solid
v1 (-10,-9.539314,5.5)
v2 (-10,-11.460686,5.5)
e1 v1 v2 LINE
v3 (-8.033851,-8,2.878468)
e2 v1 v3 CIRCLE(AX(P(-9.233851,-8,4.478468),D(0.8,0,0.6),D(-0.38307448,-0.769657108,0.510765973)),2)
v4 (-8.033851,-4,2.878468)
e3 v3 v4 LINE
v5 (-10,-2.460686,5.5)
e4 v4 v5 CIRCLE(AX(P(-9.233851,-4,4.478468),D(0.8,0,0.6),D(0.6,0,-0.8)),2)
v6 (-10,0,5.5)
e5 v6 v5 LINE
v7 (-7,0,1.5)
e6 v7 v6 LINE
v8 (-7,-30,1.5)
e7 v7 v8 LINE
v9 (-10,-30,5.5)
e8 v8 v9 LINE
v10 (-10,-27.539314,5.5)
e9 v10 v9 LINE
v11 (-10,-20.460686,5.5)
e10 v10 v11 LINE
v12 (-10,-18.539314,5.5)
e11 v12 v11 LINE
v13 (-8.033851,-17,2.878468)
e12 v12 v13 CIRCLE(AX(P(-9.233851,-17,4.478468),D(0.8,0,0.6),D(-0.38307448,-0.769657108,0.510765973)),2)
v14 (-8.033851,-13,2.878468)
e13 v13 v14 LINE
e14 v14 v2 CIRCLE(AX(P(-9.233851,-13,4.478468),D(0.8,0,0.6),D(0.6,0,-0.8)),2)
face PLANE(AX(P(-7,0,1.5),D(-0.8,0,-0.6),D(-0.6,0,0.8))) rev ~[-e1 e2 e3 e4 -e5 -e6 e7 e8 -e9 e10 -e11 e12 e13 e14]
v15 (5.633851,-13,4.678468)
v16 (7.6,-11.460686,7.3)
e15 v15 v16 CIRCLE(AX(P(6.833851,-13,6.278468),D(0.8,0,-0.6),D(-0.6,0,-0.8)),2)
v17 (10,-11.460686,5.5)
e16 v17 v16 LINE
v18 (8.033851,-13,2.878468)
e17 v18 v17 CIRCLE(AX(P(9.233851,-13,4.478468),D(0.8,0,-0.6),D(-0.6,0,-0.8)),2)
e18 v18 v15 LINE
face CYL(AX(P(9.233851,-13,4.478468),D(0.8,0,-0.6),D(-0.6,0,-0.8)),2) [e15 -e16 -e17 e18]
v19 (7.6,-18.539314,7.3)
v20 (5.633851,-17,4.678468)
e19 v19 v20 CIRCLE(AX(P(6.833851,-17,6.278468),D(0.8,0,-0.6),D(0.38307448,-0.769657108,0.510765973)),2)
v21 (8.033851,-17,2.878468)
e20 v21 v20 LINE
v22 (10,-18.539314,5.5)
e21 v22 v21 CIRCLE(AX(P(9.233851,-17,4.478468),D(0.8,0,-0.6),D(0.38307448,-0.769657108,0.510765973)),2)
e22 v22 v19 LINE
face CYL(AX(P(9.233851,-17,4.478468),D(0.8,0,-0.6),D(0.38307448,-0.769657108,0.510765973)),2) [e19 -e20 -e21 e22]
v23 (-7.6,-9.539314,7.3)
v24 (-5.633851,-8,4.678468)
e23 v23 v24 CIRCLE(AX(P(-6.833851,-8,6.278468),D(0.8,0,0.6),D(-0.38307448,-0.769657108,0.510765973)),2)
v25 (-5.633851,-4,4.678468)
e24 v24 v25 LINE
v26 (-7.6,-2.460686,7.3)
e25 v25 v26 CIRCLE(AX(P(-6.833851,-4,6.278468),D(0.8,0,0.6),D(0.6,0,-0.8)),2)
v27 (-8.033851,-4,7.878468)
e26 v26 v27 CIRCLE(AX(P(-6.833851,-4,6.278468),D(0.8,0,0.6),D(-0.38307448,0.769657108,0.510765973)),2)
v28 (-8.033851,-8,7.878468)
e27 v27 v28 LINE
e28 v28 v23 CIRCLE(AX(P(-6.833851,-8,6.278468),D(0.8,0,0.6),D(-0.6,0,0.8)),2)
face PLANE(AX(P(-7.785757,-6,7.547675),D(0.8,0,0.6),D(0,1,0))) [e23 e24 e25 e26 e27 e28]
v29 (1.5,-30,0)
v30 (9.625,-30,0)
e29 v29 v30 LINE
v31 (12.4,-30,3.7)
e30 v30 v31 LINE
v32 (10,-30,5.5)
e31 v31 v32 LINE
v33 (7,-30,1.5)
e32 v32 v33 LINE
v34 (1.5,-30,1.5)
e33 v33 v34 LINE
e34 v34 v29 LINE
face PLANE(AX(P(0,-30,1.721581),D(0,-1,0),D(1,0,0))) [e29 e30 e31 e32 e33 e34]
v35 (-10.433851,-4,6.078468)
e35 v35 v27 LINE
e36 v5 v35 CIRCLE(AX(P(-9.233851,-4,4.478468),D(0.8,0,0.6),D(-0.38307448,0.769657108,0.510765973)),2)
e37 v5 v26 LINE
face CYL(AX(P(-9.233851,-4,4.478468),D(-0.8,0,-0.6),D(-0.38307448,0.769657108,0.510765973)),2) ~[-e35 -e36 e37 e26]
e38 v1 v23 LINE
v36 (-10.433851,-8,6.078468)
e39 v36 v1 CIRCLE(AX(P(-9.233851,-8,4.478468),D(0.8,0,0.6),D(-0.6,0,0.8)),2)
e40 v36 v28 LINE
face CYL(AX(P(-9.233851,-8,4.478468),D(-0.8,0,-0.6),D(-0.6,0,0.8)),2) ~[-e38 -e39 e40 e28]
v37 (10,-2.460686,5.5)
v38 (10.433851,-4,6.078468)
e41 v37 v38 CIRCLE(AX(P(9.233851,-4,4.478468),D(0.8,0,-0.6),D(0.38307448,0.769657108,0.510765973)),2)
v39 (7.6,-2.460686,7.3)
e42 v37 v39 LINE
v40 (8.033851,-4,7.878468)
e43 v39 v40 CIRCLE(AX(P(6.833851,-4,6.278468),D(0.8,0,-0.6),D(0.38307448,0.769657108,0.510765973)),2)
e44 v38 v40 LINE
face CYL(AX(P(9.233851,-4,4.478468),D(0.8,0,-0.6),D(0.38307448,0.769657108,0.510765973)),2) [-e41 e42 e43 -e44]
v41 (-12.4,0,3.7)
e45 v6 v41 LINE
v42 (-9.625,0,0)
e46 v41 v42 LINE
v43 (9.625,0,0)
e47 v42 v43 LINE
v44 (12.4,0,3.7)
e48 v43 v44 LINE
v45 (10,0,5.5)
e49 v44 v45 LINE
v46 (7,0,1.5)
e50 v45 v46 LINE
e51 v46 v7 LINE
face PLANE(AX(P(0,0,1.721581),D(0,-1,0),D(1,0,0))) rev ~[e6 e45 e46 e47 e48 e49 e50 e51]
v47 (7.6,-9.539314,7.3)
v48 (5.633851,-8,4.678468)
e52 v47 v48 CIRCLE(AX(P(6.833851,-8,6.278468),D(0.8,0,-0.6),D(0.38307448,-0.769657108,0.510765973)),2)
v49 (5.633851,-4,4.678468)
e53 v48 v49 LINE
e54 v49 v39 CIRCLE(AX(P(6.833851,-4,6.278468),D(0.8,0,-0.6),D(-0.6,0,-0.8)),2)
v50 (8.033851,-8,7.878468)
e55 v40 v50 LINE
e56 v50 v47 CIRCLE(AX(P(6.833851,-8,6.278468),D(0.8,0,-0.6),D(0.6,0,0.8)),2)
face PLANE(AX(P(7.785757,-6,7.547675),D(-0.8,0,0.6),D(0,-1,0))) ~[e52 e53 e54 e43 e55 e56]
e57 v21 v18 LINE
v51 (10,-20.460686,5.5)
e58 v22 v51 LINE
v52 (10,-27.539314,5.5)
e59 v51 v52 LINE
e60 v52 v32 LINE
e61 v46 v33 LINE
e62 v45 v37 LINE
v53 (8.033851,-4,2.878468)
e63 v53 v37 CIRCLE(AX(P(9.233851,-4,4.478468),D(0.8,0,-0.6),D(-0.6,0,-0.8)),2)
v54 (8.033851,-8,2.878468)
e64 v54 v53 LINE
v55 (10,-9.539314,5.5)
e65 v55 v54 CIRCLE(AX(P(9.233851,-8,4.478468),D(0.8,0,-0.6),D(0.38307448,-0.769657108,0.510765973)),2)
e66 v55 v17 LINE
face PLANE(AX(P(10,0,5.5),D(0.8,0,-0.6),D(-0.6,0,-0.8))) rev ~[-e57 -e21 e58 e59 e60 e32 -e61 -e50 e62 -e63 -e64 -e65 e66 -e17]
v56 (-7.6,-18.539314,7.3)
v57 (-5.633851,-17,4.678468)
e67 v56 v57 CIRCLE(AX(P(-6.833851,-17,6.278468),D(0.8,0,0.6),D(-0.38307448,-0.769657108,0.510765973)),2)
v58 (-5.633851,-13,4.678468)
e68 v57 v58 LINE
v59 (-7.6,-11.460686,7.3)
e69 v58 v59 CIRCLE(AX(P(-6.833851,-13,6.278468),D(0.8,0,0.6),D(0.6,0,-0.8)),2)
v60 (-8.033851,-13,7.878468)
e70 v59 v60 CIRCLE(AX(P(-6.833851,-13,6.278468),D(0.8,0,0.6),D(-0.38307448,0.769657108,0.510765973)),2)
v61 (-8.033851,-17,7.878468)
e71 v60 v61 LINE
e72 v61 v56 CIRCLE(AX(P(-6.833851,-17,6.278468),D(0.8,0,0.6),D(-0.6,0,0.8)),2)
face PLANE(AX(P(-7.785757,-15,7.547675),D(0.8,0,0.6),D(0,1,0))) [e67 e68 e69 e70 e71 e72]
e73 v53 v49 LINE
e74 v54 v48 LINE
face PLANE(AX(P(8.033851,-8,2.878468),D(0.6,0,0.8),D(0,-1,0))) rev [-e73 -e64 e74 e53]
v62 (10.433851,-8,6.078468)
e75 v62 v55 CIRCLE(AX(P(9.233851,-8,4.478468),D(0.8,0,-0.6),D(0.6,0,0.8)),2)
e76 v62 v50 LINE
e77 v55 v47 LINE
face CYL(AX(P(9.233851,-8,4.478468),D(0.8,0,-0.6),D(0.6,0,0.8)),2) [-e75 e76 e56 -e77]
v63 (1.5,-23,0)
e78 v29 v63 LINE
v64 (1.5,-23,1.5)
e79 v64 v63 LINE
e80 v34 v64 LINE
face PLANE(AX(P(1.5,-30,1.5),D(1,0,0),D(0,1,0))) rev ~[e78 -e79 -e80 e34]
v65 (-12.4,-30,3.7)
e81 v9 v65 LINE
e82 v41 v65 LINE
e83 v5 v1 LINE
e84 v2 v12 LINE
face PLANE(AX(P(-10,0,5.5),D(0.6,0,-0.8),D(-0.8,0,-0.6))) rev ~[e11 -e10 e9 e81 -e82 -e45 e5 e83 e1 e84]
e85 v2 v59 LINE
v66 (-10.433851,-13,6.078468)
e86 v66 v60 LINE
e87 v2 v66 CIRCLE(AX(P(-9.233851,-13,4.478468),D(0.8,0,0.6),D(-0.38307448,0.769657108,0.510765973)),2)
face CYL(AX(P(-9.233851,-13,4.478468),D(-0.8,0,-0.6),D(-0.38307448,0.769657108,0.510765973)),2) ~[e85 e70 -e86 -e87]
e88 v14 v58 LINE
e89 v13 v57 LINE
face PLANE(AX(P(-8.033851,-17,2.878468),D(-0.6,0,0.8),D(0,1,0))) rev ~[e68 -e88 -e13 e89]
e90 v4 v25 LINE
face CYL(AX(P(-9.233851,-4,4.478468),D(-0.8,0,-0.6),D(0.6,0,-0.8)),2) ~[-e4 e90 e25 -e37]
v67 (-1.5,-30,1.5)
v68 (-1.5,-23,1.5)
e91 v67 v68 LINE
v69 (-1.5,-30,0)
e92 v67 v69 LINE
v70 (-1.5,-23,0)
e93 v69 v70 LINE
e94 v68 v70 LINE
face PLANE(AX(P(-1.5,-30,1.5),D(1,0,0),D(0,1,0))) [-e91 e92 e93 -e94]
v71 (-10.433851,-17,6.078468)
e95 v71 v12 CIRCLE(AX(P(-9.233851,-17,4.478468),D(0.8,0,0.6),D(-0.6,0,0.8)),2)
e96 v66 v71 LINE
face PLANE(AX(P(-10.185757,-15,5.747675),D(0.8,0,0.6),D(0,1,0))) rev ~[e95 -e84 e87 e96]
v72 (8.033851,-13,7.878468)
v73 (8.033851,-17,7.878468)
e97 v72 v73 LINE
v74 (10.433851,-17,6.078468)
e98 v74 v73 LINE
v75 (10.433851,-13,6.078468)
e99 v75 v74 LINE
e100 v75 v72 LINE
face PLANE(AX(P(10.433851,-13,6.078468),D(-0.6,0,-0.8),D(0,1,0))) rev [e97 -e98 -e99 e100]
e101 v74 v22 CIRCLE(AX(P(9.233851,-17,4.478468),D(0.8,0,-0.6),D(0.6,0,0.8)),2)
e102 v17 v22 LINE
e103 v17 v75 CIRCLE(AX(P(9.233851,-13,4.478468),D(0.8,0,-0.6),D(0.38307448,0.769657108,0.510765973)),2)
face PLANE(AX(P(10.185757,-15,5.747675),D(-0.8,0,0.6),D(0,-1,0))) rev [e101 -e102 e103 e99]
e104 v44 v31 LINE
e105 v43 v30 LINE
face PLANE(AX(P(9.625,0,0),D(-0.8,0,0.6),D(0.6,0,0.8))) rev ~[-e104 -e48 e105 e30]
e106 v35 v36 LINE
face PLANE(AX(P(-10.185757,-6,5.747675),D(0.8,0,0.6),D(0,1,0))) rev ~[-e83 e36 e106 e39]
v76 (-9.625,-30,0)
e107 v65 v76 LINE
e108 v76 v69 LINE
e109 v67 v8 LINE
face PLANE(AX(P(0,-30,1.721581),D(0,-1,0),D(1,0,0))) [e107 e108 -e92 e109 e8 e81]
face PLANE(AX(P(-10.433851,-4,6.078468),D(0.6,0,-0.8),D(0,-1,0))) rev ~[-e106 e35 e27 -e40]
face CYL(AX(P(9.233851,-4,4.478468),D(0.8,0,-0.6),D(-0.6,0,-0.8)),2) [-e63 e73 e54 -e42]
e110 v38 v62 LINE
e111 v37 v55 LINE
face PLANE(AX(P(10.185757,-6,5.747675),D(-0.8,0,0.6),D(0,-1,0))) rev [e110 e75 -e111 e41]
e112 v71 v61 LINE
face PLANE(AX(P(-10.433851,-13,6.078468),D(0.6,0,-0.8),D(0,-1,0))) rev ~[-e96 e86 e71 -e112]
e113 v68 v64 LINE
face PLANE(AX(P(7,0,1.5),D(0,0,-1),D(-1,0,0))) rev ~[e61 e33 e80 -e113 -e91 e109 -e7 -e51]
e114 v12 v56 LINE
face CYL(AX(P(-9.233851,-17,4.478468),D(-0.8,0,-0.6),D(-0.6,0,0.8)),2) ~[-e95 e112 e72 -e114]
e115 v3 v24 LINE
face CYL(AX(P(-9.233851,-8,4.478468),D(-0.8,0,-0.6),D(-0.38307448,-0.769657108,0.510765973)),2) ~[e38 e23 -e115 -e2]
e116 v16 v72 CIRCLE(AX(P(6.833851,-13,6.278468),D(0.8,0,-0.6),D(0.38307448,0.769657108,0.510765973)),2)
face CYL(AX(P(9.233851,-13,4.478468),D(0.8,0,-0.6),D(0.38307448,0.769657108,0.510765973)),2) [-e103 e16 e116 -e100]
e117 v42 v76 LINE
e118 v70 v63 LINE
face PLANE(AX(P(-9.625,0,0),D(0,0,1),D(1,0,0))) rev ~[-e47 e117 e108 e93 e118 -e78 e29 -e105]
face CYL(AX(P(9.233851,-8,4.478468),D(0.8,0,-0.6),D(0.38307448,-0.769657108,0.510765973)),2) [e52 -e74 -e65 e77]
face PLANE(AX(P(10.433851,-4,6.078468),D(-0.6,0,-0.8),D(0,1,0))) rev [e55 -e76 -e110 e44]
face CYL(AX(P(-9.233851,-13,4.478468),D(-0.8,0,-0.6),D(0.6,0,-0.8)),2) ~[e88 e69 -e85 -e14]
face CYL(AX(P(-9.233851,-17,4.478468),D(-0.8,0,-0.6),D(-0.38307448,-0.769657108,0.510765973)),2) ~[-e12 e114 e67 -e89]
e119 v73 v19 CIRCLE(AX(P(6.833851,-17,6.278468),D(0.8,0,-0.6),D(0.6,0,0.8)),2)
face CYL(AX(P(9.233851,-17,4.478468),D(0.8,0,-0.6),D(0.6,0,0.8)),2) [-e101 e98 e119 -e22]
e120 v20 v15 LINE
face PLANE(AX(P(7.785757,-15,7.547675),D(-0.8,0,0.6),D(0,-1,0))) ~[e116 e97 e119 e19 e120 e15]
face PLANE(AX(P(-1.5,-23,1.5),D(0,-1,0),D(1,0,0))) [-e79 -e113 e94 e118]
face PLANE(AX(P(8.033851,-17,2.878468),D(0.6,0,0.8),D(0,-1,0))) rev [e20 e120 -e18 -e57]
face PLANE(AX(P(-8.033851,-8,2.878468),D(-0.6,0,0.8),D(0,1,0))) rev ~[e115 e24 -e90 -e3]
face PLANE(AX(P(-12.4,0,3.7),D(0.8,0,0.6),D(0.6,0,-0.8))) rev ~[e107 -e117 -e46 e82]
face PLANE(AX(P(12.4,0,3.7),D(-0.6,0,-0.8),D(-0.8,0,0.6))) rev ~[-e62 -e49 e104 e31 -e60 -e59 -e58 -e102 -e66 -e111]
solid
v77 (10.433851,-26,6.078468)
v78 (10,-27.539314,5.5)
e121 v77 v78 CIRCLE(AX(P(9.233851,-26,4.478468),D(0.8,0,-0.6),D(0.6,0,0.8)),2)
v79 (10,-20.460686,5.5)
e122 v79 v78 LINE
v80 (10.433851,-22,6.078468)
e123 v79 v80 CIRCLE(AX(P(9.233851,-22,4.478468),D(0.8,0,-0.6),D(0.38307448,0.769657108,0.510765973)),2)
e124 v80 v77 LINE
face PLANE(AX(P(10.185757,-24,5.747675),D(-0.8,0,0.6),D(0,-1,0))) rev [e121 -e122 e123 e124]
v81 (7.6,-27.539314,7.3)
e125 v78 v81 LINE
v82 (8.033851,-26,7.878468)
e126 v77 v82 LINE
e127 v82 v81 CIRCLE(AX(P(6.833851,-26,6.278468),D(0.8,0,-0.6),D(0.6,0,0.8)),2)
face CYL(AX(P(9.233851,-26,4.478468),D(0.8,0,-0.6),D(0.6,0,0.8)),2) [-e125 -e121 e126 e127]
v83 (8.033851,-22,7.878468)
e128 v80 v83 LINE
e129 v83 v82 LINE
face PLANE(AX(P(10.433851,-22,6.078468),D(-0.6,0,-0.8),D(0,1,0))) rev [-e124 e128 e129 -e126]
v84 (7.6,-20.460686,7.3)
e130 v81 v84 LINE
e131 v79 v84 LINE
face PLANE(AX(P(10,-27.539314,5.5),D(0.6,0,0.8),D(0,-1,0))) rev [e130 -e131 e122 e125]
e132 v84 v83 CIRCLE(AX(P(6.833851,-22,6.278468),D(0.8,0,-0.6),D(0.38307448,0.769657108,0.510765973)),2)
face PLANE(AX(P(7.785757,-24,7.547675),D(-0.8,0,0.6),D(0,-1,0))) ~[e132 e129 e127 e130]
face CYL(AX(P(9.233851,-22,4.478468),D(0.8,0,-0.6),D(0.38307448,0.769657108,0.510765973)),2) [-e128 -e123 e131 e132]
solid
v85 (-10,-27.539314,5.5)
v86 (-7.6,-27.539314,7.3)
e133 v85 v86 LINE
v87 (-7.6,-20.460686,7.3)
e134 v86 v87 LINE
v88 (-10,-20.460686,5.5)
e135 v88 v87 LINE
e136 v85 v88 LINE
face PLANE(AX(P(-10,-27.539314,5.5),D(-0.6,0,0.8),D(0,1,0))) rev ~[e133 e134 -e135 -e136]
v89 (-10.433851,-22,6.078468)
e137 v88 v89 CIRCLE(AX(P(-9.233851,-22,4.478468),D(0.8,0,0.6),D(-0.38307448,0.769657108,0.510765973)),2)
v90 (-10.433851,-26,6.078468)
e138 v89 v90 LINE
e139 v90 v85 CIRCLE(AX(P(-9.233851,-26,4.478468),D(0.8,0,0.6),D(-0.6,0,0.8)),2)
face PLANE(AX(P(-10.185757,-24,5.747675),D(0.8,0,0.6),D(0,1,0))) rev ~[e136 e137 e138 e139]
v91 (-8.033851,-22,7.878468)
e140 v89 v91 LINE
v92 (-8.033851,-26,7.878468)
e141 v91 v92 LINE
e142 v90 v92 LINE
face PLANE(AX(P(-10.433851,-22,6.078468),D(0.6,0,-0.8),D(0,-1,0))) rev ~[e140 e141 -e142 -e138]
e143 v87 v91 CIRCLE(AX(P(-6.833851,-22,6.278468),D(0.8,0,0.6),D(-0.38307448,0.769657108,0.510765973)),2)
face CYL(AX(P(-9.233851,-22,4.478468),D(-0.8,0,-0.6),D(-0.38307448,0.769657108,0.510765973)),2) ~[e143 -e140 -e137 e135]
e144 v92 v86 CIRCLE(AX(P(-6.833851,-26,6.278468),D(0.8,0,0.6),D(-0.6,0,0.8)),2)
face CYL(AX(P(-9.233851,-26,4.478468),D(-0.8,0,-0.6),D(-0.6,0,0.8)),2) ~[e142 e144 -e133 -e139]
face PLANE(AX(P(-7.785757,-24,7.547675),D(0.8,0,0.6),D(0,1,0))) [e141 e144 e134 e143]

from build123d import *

# Parameters (mm, degrees)
F1_DEPTH = 30
F2_W     = 3
F2_H     = 7
F3_DEPTH = 25.4
F5_DEPTH = 3


with BuildPart() as f1:
    # F0 (on Front) → F1 (new body)
    with BuildSketch(Plane.XZ):
        Polygon((-12.4, 3.7), (-9.625, 0), (9.625, 0), (12.4, 3.7), (10, 5.5), (7, 1.5), (-7, 1.5), (-10, 5.5), align=None)
    extrude(amount=F1_DEPTH)

    # F2 (on face) → F3 (cut)
    with BuildSketch(Plane.XY.offset(1.5)):
        with Locations((0, -26.5)):
            Rectangle(F2_W, F2_H)
    extrude(amount=-F3_DEPTH, mode=Mode.SUBTRACT)

    # F4 (on face) → F5 (join)
    with BuildSketch(Plane(origin=(-3.76, 0, -2.82), x_dir=(0, 1, 0), z_dir=(0.8, 0, 0.6))):
        with BuildLine():
            ThreePointArc((-8, 11.1230850667), (-8.8503440872, 10.9333101724), (-9.5393142152, 10.4))
            Line((-9.5393142152, 10.4), (-2.4606857848, 10.4))
            ThreePointArc((-2.4606857848, 10.4), (-3.1496559128, 10.9333101724), (-4, 11.1230850667))
            Line((-4, 11.1230850667), (-8, 11.1230850667))
        make_face()
        with BuildLine():
            Line((-2.4606857848, 10.4), (-9.5393142152, 10.4))
            ThreePointArc((-9.5393142152, 10.4), (-9.8102251057, 8.2727409795), (-8, 7.1230850667))
            Line((-8, 7.1230850667), (-4, 7.1230850667))
            ThreePointArc((-4, 7.1230850667), (-2.1897748943, 8.2727409795), (-2.4606857848, 10.4))
        make_face()
        with BuildLine():
            ThreePointArc((-17, 11.1230850667), (-17.8503440872, 10.9333101724), (-18.5393142152, 10.4))
            Line((-18.5393142152, 10.4), (-11.4606857848, 10.4))
            ThreePointArc((-11.4606857848, 10.4), (-12.1496559128, 10.9333101724), (-13, 11.1230850667))
            Line((-13, 11.1230850667), (-17, 11.1230850667))
        make_face()
        with BuildLine():
            Line((-11.4606857848, 10.4), (-18.5393142152, 10.4))
            ThreePointArc((-18.5393142152, 10.4), (-18.8102251057, 8.2727409795), (-17, 7.1230850667))
            Line((-17, 7.1230850667), (-13, 7.1230850667))
            ThreePointArc((-13, 7.1230850667), (-11.1897748943, 8.2727409795), (-11.4606857848, 10.4))
        make_face()
        with BuildLine():
            Line((-22, 11.1230850667), (-26, 11.1230850667))
            ThreePointArc((-26, 11.1230850667), (-26.8503440872, 10.9333101724), (-27.5393142152, 10.4))
            Line((-27.5393142152, 10.4), (-20.4606857848, 10.4))
            ThreePointArc((-20.4606857848, 10.4), (-21.1496559128, 10.9333101724), (-22, 11.1230850667))
        make_face()
    extrude(amount=F5_DEPTH)

    # F6: F1 across plane


with BuildPart() as f1_1:
    add(f1.part)
    add(f1.part.mirror(Plane.YZ))


solid = f1_1.part
